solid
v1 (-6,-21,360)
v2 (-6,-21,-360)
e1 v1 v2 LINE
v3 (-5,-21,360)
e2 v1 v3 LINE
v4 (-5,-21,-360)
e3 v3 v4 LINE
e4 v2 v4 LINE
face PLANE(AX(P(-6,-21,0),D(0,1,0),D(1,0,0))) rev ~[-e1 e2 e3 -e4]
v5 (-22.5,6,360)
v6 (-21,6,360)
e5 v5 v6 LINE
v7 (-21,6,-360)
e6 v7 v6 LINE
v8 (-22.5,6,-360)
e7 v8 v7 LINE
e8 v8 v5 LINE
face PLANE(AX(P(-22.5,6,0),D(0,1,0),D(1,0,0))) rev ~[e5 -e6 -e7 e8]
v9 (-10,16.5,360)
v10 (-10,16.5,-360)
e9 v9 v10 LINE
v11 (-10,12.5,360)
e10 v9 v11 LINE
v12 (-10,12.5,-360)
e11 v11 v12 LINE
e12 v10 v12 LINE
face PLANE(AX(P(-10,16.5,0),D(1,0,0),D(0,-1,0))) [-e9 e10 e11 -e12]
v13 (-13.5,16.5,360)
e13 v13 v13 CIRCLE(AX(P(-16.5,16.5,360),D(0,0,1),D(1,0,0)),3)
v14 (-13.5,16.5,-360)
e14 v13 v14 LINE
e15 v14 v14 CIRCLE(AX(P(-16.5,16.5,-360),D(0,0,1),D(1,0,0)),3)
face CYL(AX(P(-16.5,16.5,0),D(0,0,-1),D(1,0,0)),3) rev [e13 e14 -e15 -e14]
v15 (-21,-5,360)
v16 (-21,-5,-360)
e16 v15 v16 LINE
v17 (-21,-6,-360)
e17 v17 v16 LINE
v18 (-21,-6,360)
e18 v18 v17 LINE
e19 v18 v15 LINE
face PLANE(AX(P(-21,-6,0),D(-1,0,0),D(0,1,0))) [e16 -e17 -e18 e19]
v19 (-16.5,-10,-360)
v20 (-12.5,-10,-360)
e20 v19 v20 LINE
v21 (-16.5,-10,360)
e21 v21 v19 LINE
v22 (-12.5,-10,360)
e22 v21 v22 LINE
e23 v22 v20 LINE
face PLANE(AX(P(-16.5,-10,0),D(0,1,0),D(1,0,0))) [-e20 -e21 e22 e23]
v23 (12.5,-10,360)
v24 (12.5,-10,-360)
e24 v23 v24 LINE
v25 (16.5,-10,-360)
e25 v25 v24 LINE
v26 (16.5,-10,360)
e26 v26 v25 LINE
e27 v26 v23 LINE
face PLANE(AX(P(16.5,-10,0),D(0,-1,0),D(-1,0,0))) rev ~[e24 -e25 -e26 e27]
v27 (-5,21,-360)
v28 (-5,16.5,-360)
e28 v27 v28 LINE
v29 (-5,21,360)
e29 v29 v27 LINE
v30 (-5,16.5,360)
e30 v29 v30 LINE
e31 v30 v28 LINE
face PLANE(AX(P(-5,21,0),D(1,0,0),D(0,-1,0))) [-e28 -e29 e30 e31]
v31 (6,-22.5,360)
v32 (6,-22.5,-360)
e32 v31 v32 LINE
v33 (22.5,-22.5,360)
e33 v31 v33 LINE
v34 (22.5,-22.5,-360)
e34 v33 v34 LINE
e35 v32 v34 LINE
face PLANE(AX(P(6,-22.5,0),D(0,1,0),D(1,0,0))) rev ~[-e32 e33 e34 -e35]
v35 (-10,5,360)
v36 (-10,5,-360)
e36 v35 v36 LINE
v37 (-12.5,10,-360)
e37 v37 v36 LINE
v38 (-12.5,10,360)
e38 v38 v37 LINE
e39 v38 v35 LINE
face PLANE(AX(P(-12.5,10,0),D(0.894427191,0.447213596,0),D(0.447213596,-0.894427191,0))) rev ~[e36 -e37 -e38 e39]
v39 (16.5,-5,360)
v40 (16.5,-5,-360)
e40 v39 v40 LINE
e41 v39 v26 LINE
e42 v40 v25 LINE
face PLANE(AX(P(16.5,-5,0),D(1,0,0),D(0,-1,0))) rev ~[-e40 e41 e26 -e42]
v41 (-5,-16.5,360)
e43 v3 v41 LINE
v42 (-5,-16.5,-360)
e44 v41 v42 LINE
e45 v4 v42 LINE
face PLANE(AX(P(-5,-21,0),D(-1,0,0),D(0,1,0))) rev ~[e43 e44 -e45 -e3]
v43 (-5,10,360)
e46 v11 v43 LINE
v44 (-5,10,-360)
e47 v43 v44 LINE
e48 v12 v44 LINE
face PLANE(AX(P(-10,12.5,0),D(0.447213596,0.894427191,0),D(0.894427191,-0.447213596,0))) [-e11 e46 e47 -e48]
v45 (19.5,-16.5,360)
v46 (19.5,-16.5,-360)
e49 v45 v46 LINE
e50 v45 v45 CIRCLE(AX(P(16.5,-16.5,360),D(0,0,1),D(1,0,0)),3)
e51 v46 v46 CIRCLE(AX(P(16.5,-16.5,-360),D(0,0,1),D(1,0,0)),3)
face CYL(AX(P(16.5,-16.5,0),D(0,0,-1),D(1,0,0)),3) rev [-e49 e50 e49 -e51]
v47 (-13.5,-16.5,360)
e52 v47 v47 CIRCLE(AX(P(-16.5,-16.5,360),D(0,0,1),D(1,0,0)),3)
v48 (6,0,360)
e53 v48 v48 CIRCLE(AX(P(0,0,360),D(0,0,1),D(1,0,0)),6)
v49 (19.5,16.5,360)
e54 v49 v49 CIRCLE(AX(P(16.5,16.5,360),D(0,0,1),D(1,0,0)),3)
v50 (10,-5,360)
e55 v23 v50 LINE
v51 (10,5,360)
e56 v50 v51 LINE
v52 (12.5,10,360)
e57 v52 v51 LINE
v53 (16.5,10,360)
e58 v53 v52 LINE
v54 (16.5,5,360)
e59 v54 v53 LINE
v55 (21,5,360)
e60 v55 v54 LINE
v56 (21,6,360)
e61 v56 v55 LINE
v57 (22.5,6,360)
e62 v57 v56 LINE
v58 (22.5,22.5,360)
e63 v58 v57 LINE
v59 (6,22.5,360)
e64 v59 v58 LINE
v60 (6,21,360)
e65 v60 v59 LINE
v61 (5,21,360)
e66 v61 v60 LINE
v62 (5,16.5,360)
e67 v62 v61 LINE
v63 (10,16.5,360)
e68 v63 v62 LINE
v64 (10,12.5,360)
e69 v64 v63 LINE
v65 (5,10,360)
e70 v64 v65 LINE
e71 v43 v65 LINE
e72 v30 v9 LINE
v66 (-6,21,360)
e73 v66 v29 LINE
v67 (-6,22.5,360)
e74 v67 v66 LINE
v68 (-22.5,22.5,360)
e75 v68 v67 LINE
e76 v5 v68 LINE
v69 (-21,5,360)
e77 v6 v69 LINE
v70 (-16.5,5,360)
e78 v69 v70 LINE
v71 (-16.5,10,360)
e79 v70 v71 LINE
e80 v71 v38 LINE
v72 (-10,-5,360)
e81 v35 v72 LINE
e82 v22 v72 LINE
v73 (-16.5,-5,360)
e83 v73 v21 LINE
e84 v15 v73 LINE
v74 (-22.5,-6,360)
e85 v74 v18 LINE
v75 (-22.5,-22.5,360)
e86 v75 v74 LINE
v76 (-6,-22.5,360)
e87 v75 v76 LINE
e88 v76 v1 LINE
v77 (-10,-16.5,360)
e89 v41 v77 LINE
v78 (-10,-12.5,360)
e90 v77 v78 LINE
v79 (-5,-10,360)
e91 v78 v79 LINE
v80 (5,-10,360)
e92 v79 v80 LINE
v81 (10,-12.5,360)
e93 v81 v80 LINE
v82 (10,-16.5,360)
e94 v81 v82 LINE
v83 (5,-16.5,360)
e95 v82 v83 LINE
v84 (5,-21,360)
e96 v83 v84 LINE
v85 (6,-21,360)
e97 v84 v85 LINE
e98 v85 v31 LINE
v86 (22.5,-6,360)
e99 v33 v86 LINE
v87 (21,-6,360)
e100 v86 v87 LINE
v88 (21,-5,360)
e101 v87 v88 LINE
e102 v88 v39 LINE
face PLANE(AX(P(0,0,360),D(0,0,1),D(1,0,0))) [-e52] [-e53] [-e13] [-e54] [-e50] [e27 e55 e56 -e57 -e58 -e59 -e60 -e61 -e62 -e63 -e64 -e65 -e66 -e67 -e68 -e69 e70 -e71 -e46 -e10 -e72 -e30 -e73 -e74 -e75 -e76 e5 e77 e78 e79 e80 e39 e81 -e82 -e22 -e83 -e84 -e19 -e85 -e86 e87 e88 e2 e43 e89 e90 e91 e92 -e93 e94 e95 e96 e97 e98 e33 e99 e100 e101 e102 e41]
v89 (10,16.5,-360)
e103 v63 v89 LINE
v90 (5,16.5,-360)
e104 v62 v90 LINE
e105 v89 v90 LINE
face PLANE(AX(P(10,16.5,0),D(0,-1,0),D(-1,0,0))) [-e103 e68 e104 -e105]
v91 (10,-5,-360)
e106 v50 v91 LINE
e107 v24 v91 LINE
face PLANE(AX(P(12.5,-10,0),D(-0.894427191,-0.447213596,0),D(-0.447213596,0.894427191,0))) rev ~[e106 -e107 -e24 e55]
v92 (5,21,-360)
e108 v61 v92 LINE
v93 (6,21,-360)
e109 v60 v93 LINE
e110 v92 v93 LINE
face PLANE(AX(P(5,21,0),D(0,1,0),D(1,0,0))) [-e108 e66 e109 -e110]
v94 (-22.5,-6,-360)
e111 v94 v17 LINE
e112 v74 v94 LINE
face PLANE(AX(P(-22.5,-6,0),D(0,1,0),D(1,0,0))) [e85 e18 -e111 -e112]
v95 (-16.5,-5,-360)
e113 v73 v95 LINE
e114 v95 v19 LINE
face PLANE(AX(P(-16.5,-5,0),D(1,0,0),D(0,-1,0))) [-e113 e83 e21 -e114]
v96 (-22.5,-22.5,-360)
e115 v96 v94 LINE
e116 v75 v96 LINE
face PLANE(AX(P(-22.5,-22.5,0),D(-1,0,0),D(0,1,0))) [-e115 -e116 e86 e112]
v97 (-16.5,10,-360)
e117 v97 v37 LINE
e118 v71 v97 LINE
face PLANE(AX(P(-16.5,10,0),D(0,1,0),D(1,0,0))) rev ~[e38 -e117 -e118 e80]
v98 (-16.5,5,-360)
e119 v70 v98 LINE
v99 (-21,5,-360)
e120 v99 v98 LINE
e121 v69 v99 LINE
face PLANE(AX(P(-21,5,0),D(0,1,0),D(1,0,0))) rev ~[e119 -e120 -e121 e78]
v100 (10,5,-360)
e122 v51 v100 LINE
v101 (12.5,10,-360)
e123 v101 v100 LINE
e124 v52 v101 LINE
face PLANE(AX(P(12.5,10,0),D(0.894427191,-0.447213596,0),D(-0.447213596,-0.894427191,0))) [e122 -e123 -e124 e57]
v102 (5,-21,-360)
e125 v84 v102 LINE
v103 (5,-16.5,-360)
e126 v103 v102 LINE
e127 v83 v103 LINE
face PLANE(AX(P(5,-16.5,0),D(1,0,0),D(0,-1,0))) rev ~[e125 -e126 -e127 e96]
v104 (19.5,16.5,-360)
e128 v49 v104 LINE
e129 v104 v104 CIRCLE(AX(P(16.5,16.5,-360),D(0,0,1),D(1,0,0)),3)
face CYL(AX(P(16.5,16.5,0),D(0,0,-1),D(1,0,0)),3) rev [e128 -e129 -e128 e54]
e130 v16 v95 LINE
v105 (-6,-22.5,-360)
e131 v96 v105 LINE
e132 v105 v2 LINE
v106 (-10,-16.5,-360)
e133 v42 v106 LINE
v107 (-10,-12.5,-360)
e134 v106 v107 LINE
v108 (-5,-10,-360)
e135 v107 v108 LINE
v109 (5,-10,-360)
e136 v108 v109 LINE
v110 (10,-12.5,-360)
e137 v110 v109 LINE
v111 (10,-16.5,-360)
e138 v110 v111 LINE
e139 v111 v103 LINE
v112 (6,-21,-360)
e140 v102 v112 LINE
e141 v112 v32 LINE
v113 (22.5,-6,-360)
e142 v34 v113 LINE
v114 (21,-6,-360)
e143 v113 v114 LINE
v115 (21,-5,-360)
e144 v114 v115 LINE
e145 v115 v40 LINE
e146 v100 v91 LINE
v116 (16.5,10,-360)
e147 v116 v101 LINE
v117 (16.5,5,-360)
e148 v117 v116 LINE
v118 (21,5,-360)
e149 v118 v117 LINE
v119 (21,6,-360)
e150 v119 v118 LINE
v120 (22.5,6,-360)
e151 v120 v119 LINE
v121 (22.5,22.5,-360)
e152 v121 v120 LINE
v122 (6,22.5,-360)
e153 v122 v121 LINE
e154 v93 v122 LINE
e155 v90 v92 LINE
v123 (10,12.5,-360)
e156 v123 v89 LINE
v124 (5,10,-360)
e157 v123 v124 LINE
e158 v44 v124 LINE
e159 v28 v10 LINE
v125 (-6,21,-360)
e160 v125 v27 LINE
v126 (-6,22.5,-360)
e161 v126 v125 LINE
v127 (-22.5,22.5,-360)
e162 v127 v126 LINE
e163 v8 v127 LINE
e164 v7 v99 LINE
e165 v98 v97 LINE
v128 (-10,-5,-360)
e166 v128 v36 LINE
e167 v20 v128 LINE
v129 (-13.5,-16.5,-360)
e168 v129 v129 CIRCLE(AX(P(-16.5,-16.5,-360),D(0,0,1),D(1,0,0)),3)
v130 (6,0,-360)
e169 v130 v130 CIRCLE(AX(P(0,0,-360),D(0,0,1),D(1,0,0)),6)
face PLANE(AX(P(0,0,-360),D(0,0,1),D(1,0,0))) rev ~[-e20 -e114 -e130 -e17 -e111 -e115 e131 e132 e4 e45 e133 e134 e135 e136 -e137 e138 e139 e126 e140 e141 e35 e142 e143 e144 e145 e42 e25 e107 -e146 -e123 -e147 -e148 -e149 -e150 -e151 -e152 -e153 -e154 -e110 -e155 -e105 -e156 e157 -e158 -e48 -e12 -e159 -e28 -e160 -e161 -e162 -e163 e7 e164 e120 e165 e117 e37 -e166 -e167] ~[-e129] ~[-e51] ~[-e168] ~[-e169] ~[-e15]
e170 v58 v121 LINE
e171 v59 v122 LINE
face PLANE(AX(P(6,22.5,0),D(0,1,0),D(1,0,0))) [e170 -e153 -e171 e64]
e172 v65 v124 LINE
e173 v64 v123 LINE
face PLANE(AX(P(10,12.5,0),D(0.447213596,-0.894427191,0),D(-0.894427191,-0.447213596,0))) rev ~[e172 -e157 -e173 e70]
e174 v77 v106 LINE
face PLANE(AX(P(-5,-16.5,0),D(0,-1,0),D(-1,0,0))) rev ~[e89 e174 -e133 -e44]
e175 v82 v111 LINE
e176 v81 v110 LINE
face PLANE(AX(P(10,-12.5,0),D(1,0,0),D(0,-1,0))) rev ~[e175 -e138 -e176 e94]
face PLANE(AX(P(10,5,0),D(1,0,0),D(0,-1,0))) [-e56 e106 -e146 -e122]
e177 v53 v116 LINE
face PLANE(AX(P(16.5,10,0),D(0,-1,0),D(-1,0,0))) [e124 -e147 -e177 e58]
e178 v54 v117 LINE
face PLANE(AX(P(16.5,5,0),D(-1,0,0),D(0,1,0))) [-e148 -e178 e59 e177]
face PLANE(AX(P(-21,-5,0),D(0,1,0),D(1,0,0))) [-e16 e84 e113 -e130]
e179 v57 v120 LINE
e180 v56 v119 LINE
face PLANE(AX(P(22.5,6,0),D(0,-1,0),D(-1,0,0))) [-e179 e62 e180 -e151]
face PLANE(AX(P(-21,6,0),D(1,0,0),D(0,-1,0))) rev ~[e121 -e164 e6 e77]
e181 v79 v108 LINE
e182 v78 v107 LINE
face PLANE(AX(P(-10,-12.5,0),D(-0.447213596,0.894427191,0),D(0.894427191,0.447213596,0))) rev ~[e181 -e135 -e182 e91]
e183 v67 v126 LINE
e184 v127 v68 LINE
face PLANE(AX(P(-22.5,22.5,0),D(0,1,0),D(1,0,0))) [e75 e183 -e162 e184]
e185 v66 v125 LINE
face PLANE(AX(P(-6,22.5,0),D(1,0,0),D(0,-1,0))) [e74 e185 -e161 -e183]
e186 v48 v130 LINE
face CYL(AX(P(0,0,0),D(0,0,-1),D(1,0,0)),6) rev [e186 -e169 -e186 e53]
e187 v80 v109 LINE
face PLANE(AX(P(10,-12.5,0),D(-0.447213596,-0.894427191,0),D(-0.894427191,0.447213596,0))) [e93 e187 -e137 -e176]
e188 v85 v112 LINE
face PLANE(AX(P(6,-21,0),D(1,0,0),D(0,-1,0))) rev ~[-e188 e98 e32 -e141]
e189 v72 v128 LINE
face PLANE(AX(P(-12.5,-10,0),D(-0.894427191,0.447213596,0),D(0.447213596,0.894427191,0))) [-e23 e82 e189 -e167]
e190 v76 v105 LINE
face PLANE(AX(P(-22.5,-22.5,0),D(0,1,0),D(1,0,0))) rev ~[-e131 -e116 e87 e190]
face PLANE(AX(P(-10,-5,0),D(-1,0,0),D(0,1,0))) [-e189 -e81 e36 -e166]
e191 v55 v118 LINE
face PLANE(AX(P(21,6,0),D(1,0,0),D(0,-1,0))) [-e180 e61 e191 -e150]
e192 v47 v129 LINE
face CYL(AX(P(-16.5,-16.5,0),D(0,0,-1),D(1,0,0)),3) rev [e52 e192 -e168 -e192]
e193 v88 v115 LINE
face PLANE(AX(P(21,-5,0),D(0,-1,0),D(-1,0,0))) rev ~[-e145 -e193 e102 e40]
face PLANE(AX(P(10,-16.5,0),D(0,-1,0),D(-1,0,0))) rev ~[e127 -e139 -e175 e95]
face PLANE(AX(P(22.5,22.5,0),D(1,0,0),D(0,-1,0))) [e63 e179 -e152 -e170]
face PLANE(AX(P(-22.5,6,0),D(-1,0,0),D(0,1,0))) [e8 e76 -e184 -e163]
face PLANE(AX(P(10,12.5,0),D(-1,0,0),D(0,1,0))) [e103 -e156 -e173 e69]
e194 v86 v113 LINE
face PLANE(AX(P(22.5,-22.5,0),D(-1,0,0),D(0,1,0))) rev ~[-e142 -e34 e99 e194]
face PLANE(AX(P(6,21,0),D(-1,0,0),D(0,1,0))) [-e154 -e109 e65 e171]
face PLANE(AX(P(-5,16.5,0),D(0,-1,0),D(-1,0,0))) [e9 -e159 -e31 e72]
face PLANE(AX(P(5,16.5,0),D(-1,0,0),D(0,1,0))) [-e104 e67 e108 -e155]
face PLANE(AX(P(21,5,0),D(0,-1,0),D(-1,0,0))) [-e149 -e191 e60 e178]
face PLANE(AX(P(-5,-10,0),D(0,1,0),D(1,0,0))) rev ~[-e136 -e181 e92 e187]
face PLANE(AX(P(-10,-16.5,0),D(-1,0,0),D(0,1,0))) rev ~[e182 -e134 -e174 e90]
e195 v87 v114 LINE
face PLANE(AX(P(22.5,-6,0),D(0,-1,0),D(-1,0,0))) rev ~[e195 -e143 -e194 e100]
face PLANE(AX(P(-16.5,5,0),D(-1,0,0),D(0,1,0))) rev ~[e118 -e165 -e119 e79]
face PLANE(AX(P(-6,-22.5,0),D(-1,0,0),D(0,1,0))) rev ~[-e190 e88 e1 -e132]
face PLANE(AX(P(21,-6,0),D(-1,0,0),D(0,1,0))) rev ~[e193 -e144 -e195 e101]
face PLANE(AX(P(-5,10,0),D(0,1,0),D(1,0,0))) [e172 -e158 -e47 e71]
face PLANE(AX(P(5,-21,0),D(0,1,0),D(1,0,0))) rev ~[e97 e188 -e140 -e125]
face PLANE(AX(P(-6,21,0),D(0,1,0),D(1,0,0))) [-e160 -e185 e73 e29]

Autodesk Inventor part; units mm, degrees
ref_plane "YZ Plane" through (0, 0, 0) normal (1, 0, 0) x (0, 1, 0)
ref_plane "XZ Plane" through (0, 0, 0) normal (0, 1, 0) x (-1, 0, 0)
ref_plane "XY Plane" through (0, 0, 0) normal (0, 0, 1) x (1, 0, 0)
sketch "Sketch1" plane through (0, 0, 0) normal (0, 0, 1) x (1, 0, 0)
  line L0 (-22.5, 22.5) -> (-6, 22.5)
  line L1 (-6, 22.5) -> (-6, 21)
  line L2 (-6, 21) -> (-5, 21)
  line L3 (-5, 21) -> (-5, 16.5)
  line L4 (-5, 16.5) -> (-10, 16.5)
  line L5 (-10, 16.5) -> (-10, 12.5)
  line L6 (-10, 12.5) -> (-5, 10)
  line L7 (-5, 10) -> (5, 10)
  line L8 (10, 12.5) -> (10, 16.5)
  line L9 (10, 16.5) -> (5, 16.5)
  line L10 (5, 16.5) -> (5, 21)
  line L11 (5, 21) -> (6, 21)
  line L12 (6, 21) -> (6, 22.5)
  line L13 (6, 22.5) -> (22.5, 22.5)
  line L14 (22.5, 22.5) -> (22.5, 6)
  line L15 (22.5, 6) -> (21, 6)
  line L16 (21, 6) -> (21, 5)
  line L17 (21, 5) -> (16.5, 5)
  line L18 (10, 12.5) -> (5, 10)
  line L19 (-22.5, 0) -> (-22.5, 104.1484) construction
  line L20 (-22.5, 0) -> (77.4828, 0) construction
  line L21 (16.5, 5) -> (16.5, 10)
  line L22 (16.5, 10) -> (12.5, 10)
  line L23 (12.5, 10) -> (10, 5)
  line L24 (10, 5) -> (10, 0)
  circle A0 centre (0, 0) radius 6
  circle A1 centre (16.5, 16.5) radius 3
  line L25 (-22.5, 0) -> (45.512, 0) construction
  line L26 (21, -6) -> (21, -5)
  line L27 (22.5, -6) -> (21, -6)
  line L28 (10, -12.5) -> (10, -16.5)
  line L29 (12.5, -10) -> (10, -5)
  line L30 (16.5, -5) -> (16.5, -10)
  line L31 (16.5, -10) -> (12.5, -10)
  line L32 (10, -12.5) -> (5, -10)
  line L33 (22.5, -22.5) -> (22.5, -6)
  circle A2 centre (16.5, -16.5) radius 3
  line L34 (6, -22.5) -> (22.5, -22.5)
  line L35 (5, -16.5) -> (5, -21)
  line L36 (5, -21) -> (6, -21)
  line L37 (6, -21) -> (6, -22.5)
  line L38 (10, -16.5) -> (5, -16.5)
  line L39 (21, -5) -> (16.5, -5)
  line L40 (10, -5) -> (10, 0)
  line L41 (-5, -10) -> (5, -10)
  line L42 (-22.5, -22.5) -> (-6, -22.5)
  line L43 (-6, -22.5) -> (-6, -21)
  line L44 (-6, -21) -> (-5, -21)
  line L45 (-5, -21) -> (-5, -16.5)
  line L46 (-5, -16.5) -> (-10, -16.5)
  line L47 (-10, -16.5) -> (-10, -12.5)
  line L48 (-10, -12.5) -> (-5, -10)
  line L49 (-22.5, -22.5) -> (-22.5, 22.5)
  line L50 (0, -24.7031) -> (0, 16.5) construction
  line L51 (-12.5, 10) -> (-10, 5)
  line L52 (-16.5, 10) -> (-12.5, 10)
  line L53 (-16.5, 5) -> (-16.5, 10)
  line L54 (-21, 5) -> (-16.5, 5)
  line L55 (-21, 6) -> (-21, 5)
  line L56 (-22.5, 6) -> (-21, 6)
  line L57 (-10, 5) -> (-10, 0)
  line L58 (-10, -5) -> (-10, 0)
  line L59 (-12.5, -10) -> (-10, -5)
  line L60 (-16.5, -10) -> (-12.5, -10)
  line L61 (-16.5, -5) -> (-16.5, -10)
  line L62 (-21, -5) -> (-16.5, -5)
  line L63 (-21, -6) -> (-21, -5)
  line L64 (-22.5, -6) -> (-21, -6)
  circle A3 centre (-16.5, 16.5) radius 3
  circle A4 centre (-16.5, -16.5) radius 3
  point P0 (0, 10)
  point P1 (0, -10)
  point P2 (-55.4214, -29.4444)
  point P3 (-55.4214, -41.4444)
  dimension "d0" = 22.5
  dimension "d1" = 20
  dimension "d2" = 1.5
  dimension "d3" = 1.5
  dimension "d4" = 10
  dimension "d5" = 12
  dimension "d6" = 12.5
  dimension "d7" = 22.5
  dimension "d8" = 5
  dimension "d9" = 6
  dimension "d10" = 10
  dimension "d11" = 6
  dimension "d12" = 4
  dimension "d13" = 5
  dimension "d14" = 6
  dimension "d15" = 45
  dimension "d16" = 10
  dimension "d17" = 4
  dimension "d18" = 12.5
  dimension "d19" = 6
  dimension "d20" = 12
  dimension "d21" = 22.5
  dimension "d22" = 6
  dimension "d23" = 39
  dimension "d24" = 16.5
  dimension "d25" = 12.5
extrude "P45X45 soport" add sketch "Sketch1" along normal mid plane 720 contours L0 L1 L2 L3 L4 L5 L6 L7 L18 L8 L9 L10 L11 L12 L13 L14 L15 L16 L17 L21 L22 L23 L24 L40 L29 L31 L30 L39 L26 L27 L33 L34 L37 L36 L35 L38 L28 L32 L41 L48 L47 L46 L45 L44 L43 L42 L49 L64 L63 L62 L61 L60 L59 L58 L57 L51 L52 L53 L54 L55 L56
equation "\"d3\" = d2"
equation "\"d8\" = 0.5 * d4"
equation "\"d9\" = 0.5 * d5"
equation "\"d10\" = 0.5 * d1"
equation "\"d13\" = d8"
equation "\"d14\" = d9"
equation "\"d16\" = d10"
equation "\"d17\" = d12"
equation "\"d19\" = d11"
properties part number "Soporte P45X45 largo" material "Aluminum 6061"
